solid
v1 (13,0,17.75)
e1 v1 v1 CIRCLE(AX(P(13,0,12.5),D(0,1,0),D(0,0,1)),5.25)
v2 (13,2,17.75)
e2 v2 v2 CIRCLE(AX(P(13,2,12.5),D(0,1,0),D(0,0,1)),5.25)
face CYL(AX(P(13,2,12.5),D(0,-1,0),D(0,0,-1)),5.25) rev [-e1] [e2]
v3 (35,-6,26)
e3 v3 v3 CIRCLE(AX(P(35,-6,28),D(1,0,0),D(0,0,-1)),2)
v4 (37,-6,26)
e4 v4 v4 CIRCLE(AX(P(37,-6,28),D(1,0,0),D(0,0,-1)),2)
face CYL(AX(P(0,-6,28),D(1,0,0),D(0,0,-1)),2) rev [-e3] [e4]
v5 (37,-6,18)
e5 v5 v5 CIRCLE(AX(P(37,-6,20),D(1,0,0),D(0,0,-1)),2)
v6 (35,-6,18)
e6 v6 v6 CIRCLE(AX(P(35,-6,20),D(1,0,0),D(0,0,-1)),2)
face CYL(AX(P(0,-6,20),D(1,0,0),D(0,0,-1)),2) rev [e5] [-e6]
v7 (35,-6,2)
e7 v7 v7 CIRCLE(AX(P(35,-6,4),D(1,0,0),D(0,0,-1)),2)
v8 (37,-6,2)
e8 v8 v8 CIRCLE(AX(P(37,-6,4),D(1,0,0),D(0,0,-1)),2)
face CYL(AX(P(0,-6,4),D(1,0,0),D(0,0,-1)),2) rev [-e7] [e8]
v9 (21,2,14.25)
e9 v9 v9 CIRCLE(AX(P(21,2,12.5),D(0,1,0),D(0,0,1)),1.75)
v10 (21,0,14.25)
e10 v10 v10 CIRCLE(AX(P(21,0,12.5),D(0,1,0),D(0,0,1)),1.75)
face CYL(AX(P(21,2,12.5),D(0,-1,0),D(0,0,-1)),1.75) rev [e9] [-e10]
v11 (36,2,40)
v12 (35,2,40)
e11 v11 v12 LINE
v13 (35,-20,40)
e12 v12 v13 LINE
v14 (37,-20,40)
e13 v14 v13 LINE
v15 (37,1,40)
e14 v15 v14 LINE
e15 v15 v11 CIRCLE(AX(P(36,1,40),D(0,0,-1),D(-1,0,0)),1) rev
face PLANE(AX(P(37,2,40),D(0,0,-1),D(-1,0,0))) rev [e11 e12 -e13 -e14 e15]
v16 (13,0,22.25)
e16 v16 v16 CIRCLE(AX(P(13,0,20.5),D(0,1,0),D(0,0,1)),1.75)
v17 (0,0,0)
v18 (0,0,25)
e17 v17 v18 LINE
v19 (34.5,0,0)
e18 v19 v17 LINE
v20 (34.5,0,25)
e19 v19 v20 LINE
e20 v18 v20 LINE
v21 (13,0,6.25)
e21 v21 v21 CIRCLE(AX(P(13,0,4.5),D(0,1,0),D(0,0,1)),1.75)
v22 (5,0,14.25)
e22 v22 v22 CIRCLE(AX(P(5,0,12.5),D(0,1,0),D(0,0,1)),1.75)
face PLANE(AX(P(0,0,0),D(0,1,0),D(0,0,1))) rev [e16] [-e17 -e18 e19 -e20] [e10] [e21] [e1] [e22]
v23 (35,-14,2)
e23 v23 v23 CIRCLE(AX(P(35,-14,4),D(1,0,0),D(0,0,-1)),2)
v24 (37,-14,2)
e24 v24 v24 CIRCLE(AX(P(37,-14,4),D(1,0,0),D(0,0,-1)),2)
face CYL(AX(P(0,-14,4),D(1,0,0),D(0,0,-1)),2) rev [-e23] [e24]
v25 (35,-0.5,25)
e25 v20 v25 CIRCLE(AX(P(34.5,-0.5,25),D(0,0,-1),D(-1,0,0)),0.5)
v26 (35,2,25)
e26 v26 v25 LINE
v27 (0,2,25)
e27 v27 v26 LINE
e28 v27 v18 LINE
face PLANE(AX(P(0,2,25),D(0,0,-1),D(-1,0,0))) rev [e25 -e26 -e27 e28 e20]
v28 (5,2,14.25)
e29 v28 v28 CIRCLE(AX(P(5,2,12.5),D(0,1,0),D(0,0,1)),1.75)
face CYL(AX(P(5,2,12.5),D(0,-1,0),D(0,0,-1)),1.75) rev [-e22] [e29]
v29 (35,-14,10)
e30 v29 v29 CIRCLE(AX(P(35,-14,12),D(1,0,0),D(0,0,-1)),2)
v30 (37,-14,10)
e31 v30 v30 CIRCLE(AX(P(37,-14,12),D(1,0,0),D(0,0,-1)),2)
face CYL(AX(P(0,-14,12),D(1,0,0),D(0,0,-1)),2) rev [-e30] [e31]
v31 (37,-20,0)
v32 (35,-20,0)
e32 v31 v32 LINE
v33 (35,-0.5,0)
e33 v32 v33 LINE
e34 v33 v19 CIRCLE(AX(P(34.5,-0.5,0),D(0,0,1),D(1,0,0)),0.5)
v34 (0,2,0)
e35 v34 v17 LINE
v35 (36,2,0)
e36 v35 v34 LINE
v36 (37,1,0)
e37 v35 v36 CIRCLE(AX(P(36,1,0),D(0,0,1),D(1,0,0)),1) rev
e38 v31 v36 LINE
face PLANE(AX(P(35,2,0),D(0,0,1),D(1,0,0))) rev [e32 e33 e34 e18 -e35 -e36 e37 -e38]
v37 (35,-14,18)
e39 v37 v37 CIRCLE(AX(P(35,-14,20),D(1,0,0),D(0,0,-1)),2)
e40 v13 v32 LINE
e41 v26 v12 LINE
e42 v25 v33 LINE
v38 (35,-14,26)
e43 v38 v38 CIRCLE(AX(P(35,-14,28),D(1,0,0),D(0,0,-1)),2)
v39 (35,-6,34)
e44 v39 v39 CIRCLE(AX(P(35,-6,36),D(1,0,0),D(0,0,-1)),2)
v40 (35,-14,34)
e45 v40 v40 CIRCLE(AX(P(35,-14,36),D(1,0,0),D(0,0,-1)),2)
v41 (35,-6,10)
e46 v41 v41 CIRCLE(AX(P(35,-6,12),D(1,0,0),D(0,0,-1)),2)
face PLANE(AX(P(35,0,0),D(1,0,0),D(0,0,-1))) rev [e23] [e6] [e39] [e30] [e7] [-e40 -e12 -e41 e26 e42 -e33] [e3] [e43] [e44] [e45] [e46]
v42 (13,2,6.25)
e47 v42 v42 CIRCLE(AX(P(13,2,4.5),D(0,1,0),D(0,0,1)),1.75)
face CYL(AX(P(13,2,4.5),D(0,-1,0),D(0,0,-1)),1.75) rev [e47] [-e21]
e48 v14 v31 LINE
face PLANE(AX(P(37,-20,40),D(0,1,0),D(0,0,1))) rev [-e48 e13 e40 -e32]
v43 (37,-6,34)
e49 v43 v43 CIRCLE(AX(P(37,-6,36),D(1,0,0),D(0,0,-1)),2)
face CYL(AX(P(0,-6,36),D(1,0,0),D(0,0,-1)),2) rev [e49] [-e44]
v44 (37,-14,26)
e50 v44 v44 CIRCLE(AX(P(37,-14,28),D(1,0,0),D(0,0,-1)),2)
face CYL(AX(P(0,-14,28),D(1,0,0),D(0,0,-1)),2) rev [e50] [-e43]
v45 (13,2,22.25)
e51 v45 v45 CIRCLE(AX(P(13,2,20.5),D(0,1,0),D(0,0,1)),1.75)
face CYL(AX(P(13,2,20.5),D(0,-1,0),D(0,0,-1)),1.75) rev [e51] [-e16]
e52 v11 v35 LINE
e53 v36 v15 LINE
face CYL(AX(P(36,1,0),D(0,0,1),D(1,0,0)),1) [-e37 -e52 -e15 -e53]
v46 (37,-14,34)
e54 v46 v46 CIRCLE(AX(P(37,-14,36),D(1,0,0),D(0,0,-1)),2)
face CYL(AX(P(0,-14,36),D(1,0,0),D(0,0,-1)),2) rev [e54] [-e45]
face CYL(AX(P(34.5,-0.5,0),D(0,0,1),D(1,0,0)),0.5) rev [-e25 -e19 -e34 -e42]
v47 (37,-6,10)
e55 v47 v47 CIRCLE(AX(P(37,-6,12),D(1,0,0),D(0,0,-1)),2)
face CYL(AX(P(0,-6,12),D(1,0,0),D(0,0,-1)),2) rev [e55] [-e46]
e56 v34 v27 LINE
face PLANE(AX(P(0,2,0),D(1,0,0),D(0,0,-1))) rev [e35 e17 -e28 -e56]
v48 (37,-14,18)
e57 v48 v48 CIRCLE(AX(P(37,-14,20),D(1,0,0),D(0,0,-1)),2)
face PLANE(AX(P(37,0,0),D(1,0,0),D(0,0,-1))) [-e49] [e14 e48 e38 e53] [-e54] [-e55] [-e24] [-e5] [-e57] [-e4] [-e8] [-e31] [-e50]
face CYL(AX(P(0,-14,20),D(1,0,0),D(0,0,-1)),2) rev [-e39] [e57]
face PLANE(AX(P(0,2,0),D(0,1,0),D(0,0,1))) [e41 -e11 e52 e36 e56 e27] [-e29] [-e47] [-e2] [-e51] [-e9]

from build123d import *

# Parameters (mm, degrees)
SKETCH1_W           = 35
SKETCH1_H           = 25
SKETCH1_R           = 5.25
SKETCH1_R_2         = 1.75
BOSS_EXTRUDE1_DEPTH = 2
BOSS_EXTRUDE2_DEPTH = 2
SKETCH3_R           = 2
CUT_EXTRUDE1_DEPTH  = 59.043087444
FILLET1_R           = 1
FILLET2_R           = 0.5


with BuildPart() as part:
    # Sketch1 → Boss-Extrude1 (new body)
    with BuildSketch(Plane(origin=(0, 0, 0), x_dir=(1, 0, 0), z_dir=(0, 1, 0))):
        with Locations((17.5, -12.5)):
            Rectangle(SKETCH1_W, SKETCH1_H)
        with Locations(Location((13, -12.5, 0), (0, 0, 270))):
            Circle(SKETCH1_R, mode=Mode.SUBTRACT)
        with Locations(Location((13, -4.5, 0), (0, 0, 270))):
            Circle(SKETCH1_R_2, mode=Mode.SUBTRACT)
        with Locations(Location((21, -12.5, 0), (0, 0, 270))):
            Circle(SKETCH1_R_2, mode=Mode.SUBTRACT)
        with Locations(Location((13, -20.5, 0), (0, 0, 270))):
            Circle(SKETCH1_R_2, mode=Mode.SUBTRACT)
        with Locations(Location((5, -12.5, 0), (0, 0, 270))):
            Circle(SKETCH1_R_2, mode=Mode.SUBTRACT)
    extrude(amount=BOSS_EXTRUDE1_DEPTH)

    # Sketch2 → Boss-Extrude2 (add)
    with BuildSketch(Plane(origin=(35, 0, 0), x_dir=(0, 0, -1), z_dir=(1, 0, 0))):
        Polygon((-25, 2), (-40, 2), (-40, -20), (0, -20), (0, 2), align=None)
    extrude(amount=BOSS_EXTRUDE2_DEPTH)

    # Sketch3 → Cut-Extrude1 (cut, through all)
    with BuildSketch(Plane(origin=(37, 0, 0), x_dir=(0, 0, -1), z_dir=(1, 0, 0))):
        with Locations((-20, -6)):
            Circle(SKETCH3_R)
        with Locations((-12, -6)):
            Circle(SKETCH3_R)
        with Locations((-4, -6)):
            Circle(SKETCH3_R)
        with Locations((-28, -6)):
            Circle(SKETCH3_R)
        with Locations((-36, -6)):
            Circle(SKETCH3_R)
        with Locations((-36, -14)):
            Circle(SKETCH3_R)
        with Locations((-28, -14)):
            Circle(SKETCH3_R)
        with Locations((-20, -14)):
            Circle(SKETCH3_R)
        with Locations((-12, -14)):
            Circle(SKETCH3_R)
        with Locations((-4, -14)):
            Circle(SKETCH3_R)
    extrude(amount=-CUT_EXTRUDE1_DEPTH, mode=Mode.SUBTRACT)

    # Fillet1
    fillet1_edges = [part.edges().sort_by_distance(p)[0] for p in [
        (37, 2, 20),
    ]]
    fillet(fillet1_edges, radius=FILLET1_R)

    # Fillet2
    fillet2_edges = [part.edges().sort_by_distance(p)[0] for p in [
        (35, 0, 12.5),
    ]]
    fillet(fillet2_edges, radius=FILLET2_R)


solid = part.part
